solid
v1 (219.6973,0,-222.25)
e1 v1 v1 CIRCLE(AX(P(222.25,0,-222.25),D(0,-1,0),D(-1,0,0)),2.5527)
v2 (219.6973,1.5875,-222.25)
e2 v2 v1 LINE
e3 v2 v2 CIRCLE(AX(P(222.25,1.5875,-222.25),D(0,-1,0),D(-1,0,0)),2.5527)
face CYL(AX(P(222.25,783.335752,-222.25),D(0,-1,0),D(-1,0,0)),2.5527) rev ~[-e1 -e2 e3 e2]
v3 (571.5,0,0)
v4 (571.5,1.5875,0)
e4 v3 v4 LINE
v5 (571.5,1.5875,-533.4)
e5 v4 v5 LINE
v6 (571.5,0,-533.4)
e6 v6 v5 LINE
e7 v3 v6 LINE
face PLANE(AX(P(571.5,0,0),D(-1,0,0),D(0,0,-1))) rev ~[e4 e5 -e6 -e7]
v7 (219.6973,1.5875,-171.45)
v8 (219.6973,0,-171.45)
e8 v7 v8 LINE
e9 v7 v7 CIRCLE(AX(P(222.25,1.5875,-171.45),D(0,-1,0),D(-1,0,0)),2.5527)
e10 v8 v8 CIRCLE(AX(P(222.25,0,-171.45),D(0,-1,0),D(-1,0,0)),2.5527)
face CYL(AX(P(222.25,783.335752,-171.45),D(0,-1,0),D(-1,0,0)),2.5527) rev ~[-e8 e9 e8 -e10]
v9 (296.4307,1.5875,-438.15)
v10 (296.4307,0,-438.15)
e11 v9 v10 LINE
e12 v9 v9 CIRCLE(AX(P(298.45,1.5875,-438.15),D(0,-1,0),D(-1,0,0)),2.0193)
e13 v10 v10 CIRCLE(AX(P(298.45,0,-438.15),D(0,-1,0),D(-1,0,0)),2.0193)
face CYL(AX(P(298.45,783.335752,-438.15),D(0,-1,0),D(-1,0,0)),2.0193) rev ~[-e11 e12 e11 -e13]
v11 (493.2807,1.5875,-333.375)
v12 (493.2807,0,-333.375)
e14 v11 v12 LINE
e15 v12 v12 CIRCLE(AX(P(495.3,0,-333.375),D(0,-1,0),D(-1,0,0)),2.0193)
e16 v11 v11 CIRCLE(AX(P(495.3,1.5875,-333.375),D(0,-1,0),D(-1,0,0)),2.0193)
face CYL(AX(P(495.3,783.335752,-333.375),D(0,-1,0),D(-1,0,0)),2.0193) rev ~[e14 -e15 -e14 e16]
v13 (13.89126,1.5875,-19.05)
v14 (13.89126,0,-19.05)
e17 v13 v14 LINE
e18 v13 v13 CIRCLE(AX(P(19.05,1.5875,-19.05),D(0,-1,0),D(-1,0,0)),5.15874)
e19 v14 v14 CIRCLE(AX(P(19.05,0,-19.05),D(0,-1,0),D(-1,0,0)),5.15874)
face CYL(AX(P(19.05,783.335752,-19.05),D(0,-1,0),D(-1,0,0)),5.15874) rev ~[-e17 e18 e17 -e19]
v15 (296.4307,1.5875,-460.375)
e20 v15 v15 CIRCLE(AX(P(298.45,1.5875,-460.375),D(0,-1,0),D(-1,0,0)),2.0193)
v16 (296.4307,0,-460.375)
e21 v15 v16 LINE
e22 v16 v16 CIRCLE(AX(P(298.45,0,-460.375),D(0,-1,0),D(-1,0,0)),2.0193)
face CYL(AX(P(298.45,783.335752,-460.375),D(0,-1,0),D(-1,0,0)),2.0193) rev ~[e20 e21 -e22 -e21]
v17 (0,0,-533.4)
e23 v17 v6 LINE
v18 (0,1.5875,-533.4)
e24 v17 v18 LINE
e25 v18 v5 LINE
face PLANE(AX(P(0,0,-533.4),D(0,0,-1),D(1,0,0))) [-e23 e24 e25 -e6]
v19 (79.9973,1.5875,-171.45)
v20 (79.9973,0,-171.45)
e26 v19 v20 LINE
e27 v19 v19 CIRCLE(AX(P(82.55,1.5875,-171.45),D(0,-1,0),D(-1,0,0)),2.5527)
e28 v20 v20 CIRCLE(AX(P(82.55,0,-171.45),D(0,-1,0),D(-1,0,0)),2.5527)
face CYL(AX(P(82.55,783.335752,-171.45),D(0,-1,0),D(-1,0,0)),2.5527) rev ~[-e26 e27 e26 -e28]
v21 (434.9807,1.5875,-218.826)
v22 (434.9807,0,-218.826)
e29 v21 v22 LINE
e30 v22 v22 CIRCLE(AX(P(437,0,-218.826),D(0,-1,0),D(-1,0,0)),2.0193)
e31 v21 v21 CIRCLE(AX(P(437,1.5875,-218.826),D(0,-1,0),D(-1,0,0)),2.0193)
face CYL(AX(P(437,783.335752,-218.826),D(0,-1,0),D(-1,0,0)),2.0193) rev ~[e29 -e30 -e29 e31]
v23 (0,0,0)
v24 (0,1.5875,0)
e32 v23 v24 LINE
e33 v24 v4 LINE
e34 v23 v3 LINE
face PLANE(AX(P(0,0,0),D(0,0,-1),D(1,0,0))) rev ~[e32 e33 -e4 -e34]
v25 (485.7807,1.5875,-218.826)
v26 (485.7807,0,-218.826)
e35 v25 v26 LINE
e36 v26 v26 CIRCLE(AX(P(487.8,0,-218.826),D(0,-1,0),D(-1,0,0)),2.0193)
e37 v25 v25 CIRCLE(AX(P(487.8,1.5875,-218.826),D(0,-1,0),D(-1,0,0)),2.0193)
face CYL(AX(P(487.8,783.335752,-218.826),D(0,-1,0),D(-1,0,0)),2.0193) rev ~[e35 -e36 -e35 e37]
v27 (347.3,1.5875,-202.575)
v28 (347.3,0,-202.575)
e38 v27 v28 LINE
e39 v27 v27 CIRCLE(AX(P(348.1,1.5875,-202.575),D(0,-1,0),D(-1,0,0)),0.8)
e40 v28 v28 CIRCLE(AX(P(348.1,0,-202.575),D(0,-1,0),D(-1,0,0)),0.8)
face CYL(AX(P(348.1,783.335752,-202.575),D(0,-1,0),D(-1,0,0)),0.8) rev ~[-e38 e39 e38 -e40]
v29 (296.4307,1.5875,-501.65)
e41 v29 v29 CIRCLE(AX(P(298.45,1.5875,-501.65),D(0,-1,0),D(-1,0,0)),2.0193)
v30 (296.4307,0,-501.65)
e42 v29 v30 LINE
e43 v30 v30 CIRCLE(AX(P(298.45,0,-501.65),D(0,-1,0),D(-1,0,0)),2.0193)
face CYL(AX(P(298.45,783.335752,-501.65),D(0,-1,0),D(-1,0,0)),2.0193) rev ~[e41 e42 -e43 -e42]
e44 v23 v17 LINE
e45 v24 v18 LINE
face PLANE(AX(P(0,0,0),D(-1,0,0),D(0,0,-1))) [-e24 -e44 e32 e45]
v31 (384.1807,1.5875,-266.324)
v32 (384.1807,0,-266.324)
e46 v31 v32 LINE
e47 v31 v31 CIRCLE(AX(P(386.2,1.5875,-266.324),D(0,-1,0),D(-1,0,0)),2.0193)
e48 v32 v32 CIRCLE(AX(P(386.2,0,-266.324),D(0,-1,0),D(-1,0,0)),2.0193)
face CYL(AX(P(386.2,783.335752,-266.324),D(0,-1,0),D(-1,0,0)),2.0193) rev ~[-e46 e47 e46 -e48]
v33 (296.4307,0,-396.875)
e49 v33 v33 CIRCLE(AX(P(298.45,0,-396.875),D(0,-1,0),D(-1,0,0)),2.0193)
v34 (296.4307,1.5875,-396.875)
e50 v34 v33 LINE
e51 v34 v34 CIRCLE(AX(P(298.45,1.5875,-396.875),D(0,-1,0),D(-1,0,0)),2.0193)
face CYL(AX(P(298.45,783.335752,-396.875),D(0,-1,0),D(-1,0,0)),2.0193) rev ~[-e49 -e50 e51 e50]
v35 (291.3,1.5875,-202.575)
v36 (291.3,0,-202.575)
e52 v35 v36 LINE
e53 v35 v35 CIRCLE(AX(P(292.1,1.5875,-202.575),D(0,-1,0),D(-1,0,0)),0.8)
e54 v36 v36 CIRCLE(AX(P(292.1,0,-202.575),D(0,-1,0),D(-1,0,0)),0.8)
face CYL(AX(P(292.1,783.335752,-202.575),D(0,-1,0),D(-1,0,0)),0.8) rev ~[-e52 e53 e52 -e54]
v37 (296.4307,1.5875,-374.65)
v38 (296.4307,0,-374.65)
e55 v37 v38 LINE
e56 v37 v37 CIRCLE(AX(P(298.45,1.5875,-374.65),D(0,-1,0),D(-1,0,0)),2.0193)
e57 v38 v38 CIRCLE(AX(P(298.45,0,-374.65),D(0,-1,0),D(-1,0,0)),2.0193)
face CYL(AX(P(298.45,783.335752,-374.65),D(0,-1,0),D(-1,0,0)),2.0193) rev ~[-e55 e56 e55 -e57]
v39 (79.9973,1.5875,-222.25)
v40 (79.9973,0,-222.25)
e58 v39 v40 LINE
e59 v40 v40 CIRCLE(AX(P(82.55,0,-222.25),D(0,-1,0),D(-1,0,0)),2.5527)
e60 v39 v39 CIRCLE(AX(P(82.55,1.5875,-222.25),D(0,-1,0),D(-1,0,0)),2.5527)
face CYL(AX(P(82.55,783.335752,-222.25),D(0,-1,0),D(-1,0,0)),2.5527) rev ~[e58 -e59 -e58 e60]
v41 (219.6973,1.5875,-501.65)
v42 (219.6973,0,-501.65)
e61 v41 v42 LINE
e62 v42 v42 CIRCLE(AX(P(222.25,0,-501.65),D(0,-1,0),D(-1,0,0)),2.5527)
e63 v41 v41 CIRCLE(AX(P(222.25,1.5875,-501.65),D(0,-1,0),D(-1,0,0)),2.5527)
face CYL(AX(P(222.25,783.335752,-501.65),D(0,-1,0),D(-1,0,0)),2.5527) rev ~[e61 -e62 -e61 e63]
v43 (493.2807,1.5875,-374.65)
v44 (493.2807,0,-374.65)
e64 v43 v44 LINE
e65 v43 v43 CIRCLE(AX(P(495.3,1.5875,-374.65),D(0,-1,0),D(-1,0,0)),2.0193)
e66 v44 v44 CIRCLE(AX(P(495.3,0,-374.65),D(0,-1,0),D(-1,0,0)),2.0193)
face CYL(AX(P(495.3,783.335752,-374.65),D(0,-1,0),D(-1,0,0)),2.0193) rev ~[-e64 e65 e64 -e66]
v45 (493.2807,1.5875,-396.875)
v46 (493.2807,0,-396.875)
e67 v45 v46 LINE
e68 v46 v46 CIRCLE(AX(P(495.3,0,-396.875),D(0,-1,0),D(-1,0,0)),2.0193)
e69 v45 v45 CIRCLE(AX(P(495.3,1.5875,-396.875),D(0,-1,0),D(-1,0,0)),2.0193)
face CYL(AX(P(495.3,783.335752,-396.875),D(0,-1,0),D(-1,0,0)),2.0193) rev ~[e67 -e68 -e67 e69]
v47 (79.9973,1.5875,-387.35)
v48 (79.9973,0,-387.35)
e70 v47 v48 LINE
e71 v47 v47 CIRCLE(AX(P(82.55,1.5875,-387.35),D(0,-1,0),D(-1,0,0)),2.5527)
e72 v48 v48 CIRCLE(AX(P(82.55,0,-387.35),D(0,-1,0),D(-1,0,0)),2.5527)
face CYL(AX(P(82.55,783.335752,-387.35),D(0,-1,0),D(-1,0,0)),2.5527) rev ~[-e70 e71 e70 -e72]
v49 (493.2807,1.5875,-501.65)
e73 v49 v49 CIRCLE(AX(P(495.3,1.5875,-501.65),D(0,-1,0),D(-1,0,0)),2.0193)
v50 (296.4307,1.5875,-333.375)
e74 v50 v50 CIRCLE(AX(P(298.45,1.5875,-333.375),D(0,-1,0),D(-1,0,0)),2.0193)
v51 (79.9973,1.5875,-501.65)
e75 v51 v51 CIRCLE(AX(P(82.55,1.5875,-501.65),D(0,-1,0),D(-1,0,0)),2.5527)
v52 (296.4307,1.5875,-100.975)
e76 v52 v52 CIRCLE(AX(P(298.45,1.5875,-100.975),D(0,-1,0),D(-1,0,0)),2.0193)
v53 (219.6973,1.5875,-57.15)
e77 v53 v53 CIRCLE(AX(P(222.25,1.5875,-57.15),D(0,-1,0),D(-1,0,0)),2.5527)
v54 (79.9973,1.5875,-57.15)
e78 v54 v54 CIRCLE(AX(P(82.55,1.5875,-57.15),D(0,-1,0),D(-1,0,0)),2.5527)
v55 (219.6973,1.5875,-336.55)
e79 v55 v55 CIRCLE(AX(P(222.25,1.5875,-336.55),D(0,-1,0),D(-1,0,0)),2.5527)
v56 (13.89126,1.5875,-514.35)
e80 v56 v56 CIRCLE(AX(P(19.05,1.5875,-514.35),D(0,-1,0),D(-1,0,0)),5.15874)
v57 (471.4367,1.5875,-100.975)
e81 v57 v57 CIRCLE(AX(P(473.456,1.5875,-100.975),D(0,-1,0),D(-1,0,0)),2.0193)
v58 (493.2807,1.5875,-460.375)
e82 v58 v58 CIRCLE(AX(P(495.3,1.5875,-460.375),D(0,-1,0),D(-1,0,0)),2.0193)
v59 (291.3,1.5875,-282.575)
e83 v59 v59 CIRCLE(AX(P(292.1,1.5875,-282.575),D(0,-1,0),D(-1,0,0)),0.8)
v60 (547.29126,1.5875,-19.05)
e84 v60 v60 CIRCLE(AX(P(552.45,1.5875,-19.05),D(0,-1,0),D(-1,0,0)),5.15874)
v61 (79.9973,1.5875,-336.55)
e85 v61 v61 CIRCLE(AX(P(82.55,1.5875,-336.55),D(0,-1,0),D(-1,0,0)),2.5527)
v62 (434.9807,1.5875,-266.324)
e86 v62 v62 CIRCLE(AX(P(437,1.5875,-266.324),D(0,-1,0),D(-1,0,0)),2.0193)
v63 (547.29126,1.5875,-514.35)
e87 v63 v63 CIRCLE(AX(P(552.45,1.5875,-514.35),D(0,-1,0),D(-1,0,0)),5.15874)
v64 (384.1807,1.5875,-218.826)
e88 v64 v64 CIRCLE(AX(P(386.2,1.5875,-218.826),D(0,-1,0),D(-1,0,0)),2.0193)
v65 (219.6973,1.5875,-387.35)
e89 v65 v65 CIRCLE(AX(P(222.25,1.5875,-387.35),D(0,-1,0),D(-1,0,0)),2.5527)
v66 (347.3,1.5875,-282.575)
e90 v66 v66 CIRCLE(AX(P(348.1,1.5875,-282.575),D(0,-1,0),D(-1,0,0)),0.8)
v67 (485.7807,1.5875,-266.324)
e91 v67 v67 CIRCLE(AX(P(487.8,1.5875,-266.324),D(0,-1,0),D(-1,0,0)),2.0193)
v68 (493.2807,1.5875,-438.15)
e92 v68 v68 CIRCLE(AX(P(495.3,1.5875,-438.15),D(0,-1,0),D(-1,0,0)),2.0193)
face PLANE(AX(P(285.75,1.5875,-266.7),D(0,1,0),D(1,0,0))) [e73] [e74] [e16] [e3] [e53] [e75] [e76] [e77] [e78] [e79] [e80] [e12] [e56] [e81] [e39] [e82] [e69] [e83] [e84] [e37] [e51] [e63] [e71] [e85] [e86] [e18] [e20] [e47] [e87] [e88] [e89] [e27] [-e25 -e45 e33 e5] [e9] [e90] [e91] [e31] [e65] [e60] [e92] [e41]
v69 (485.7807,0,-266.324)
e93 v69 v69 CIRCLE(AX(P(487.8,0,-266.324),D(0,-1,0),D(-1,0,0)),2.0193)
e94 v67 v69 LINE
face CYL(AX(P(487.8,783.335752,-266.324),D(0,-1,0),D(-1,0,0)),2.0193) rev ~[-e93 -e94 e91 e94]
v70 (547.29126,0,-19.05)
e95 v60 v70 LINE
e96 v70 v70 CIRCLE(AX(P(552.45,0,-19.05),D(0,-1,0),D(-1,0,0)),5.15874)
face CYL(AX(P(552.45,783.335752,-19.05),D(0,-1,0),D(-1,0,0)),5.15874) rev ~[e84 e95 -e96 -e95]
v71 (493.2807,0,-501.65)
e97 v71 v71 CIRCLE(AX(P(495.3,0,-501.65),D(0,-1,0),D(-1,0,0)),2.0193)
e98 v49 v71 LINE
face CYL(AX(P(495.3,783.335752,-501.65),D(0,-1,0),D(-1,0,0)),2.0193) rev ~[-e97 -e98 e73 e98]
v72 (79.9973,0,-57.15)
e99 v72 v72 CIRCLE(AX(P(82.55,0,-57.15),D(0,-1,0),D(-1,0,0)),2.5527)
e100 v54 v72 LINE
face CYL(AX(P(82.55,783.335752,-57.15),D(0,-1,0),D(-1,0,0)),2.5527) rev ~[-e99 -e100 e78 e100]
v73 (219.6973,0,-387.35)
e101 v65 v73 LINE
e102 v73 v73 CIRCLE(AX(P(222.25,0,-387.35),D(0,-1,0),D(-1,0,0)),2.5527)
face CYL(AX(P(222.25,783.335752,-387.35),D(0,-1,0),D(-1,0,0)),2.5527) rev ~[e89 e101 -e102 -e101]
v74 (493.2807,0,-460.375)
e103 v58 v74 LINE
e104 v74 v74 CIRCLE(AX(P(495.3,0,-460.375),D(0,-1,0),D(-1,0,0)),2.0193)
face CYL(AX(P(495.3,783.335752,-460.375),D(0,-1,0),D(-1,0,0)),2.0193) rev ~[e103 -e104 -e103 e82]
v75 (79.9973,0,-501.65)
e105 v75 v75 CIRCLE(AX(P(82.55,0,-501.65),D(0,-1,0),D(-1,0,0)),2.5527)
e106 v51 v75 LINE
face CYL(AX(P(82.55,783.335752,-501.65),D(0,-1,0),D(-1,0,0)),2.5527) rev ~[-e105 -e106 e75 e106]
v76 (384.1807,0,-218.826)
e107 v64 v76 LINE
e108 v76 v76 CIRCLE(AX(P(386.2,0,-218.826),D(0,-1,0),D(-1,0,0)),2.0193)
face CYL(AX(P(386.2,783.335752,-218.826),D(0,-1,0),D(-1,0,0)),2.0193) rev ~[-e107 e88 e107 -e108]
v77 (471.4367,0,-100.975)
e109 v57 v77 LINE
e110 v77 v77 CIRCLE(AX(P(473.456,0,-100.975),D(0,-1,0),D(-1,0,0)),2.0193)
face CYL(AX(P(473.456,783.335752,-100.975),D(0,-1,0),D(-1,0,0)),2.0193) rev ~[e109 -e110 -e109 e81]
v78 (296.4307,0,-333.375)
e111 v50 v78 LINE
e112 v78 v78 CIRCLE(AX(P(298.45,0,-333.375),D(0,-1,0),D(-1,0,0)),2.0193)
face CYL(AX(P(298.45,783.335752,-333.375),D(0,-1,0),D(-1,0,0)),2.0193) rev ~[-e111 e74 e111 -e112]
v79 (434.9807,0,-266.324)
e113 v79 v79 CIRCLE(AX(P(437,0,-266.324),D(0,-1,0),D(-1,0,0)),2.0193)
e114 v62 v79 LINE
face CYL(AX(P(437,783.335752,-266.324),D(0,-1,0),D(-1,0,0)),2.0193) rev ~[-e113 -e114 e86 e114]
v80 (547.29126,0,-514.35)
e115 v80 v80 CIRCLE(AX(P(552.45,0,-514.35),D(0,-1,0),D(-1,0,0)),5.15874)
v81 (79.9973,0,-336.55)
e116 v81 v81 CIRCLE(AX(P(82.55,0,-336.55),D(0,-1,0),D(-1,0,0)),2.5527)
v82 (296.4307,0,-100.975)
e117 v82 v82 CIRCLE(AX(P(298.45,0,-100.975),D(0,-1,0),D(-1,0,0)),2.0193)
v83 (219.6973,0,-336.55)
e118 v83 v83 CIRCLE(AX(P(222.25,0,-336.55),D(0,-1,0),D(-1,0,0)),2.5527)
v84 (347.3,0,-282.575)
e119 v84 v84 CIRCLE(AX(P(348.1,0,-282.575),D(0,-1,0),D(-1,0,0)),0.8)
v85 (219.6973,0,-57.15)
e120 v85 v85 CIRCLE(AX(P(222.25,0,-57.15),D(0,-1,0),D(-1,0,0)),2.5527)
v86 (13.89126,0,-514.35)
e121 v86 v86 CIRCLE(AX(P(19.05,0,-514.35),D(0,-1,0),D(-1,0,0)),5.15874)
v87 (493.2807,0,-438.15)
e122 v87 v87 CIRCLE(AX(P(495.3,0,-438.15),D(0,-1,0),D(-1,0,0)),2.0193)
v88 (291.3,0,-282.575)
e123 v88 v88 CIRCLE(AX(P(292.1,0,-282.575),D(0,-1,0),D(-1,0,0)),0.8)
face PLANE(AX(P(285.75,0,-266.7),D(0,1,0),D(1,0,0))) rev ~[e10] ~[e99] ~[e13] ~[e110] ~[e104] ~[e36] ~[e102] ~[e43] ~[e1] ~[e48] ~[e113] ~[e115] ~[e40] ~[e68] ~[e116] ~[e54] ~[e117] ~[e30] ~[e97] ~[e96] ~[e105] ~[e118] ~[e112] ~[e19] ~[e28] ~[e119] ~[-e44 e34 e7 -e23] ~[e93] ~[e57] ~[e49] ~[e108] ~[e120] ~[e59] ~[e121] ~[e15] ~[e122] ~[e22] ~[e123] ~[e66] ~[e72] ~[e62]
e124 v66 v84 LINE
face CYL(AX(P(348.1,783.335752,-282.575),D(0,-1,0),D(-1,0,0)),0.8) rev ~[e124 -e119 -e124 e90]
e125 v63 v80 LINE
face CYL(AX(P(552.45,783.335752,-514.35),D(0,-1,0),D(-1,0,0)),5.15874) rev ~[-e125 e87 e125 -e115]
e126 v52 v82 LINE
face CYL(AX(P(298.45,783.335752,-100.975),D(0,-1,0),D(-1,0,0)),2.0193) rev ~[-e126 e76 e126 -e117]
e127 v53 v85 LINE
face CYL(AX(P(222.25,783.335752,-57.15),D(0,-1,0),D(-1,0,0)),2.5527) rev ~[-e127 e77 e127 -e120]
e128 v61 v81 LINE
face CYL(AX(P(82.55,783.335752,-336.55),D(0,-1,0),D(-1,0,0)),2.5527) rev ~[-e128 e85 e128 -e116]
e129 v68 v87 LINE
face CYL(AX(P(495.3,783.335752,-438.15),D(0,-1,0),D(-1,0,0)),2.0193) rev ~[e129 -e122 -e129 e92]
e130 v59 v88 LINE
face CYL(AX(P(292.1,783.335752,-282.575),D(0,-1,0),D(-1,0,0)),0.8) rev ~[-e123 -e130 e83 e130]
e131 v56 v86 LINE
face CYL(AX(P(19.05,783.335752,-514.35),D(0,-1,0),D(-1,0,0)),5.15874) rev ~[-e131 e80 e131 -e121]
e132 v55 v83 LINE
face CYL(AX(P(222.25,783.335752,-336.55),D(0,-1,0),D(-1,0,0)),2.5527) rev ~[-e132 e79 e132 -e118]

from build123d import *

# Parameters (mm, degrees)
SKETCH1_W               = 571.5
SKETCH1_H               = 533.4
BOSS_EXTRUDE1_DEPTH     = 1.5875
F_10_32_TAPPED_HOLE1_D  = 4.0386
F_1_4_20_TAPPED_HOLE1_D = 5.1054
M2X0_4_TAPPED_HOLE1_D   = 1.6
F_10_32_TAPPED_HOLE2_D  = 4.0386
F_10_32_TAPPED_HOLE3_D  = 4.0386
F_3_8_CLEARANCE_HOLE1_D = 10.31748


with BuildPart() as part:
    # Sketch1 → Boss-Extrude1 (new body)
    with BuildSketch(Plane(origin=(0, 0, 0), x_dir=(1, 0, 0), z_dir=(0, 1, 0))):
        with Locations((285.75, 266.7)):
            Rectangle(SKETCH1_W, SKETCH1_H)
    extrude(amount=BOSS_EXTRUDE1_DEPTH)

    # #10-32 Tapped Hole1 (through all)
    with Locations(Plane(origin=(0, 1.5875, 0), x_dir=(1, 0, 0), z_dir=(0, 1, 0))):
        with Locations((298.45, 501.65), (495.3, 501.65), (298.45, 460.375), (495.3, 460.375), (298.45, 438.15), (495.3, 438.15), (298.45, 396.875), (495.3, 396.875), (298.45, 374.65), (495.3, 374.65), (298.45, 333.375), (495.3, 333.375)):
            Hole(F_10_32_TAPPED_HOLE1_D / 2)

    # 1/4-20 Tapped Hole1 (through all)
    with Locations(Plane(origin=(0, 1.5875, 0), x_dir=(1, 0, 0), z_dir=(0, 1, 0))):
        with Locations((82.55, 501.65), (82.55, 387.35), (222.25, 387.35), (222.25, 501.65), (82.55, 336.55), (82.55, 222.25), (222.25, 222.25), (222.25, 336.55), (82.55, 171.45), (82.55, 57.15), (222.25, 57.15), (222.25, 171.45)):
            Hole(F_1_4_20_TAPPED_HOLE1_D / 2)

    # M2x0.4 Tapped Hole1 (through all)
    with Locations(Plane(origin=(0, 1.5875, 0), x_dir=(1, 0, 0), z_dir=(0, 1, 0))):
        with Locations((292.1, 282.575), (348.09999976, 282.575), (292.1, 202.575), (348.09999976, 202.575)):
            Hole(M2X0_4_TAPPED_HOLE1_D / 2)

    # #10-32 Tapped Hole2 (through all)
    with Locations(Plane(origin=(0, 1.5875, 0), x_dir=(1, 0, 0), z_dir=(0, 1, 0))):
        with Locations((386.19999976, 266.324), (386.19999976, 218.826), (436.99999976, 266.324), (436.99999976, 218.826), (487.79999976, 266.324), (487.79999976, 218.826)):
            Hole(F_10_32_TAPPED_HOLE2_D / 2)

    # #10-32 Tapped Hole3 (through all)
    with Locations(Plane(origin=(0, 1.5875, 0), x_dir=(1, 0, 0), z_dir=(0, 1, 0))):
        with Locations((298.45, 100.975), (473.456, 100.975)):
            Hole(F_10_32_TAPPED_HOLE3_D / 2)

    # 3/8 Clearance Hole1 (through all)
    with Locations(Plane(origin=(0, 1.5875, 0), x_dir=(1, 0, 0), z_dir=(0, 1, 0))):
        with Locations((19.05, 514.35), (552.45, 514.35), (552.45, 19.05), (19.05, 19.05)):
            Hole(F_3_8_CLEARANCE_HOLE1_D / 2)


solid = part.part
